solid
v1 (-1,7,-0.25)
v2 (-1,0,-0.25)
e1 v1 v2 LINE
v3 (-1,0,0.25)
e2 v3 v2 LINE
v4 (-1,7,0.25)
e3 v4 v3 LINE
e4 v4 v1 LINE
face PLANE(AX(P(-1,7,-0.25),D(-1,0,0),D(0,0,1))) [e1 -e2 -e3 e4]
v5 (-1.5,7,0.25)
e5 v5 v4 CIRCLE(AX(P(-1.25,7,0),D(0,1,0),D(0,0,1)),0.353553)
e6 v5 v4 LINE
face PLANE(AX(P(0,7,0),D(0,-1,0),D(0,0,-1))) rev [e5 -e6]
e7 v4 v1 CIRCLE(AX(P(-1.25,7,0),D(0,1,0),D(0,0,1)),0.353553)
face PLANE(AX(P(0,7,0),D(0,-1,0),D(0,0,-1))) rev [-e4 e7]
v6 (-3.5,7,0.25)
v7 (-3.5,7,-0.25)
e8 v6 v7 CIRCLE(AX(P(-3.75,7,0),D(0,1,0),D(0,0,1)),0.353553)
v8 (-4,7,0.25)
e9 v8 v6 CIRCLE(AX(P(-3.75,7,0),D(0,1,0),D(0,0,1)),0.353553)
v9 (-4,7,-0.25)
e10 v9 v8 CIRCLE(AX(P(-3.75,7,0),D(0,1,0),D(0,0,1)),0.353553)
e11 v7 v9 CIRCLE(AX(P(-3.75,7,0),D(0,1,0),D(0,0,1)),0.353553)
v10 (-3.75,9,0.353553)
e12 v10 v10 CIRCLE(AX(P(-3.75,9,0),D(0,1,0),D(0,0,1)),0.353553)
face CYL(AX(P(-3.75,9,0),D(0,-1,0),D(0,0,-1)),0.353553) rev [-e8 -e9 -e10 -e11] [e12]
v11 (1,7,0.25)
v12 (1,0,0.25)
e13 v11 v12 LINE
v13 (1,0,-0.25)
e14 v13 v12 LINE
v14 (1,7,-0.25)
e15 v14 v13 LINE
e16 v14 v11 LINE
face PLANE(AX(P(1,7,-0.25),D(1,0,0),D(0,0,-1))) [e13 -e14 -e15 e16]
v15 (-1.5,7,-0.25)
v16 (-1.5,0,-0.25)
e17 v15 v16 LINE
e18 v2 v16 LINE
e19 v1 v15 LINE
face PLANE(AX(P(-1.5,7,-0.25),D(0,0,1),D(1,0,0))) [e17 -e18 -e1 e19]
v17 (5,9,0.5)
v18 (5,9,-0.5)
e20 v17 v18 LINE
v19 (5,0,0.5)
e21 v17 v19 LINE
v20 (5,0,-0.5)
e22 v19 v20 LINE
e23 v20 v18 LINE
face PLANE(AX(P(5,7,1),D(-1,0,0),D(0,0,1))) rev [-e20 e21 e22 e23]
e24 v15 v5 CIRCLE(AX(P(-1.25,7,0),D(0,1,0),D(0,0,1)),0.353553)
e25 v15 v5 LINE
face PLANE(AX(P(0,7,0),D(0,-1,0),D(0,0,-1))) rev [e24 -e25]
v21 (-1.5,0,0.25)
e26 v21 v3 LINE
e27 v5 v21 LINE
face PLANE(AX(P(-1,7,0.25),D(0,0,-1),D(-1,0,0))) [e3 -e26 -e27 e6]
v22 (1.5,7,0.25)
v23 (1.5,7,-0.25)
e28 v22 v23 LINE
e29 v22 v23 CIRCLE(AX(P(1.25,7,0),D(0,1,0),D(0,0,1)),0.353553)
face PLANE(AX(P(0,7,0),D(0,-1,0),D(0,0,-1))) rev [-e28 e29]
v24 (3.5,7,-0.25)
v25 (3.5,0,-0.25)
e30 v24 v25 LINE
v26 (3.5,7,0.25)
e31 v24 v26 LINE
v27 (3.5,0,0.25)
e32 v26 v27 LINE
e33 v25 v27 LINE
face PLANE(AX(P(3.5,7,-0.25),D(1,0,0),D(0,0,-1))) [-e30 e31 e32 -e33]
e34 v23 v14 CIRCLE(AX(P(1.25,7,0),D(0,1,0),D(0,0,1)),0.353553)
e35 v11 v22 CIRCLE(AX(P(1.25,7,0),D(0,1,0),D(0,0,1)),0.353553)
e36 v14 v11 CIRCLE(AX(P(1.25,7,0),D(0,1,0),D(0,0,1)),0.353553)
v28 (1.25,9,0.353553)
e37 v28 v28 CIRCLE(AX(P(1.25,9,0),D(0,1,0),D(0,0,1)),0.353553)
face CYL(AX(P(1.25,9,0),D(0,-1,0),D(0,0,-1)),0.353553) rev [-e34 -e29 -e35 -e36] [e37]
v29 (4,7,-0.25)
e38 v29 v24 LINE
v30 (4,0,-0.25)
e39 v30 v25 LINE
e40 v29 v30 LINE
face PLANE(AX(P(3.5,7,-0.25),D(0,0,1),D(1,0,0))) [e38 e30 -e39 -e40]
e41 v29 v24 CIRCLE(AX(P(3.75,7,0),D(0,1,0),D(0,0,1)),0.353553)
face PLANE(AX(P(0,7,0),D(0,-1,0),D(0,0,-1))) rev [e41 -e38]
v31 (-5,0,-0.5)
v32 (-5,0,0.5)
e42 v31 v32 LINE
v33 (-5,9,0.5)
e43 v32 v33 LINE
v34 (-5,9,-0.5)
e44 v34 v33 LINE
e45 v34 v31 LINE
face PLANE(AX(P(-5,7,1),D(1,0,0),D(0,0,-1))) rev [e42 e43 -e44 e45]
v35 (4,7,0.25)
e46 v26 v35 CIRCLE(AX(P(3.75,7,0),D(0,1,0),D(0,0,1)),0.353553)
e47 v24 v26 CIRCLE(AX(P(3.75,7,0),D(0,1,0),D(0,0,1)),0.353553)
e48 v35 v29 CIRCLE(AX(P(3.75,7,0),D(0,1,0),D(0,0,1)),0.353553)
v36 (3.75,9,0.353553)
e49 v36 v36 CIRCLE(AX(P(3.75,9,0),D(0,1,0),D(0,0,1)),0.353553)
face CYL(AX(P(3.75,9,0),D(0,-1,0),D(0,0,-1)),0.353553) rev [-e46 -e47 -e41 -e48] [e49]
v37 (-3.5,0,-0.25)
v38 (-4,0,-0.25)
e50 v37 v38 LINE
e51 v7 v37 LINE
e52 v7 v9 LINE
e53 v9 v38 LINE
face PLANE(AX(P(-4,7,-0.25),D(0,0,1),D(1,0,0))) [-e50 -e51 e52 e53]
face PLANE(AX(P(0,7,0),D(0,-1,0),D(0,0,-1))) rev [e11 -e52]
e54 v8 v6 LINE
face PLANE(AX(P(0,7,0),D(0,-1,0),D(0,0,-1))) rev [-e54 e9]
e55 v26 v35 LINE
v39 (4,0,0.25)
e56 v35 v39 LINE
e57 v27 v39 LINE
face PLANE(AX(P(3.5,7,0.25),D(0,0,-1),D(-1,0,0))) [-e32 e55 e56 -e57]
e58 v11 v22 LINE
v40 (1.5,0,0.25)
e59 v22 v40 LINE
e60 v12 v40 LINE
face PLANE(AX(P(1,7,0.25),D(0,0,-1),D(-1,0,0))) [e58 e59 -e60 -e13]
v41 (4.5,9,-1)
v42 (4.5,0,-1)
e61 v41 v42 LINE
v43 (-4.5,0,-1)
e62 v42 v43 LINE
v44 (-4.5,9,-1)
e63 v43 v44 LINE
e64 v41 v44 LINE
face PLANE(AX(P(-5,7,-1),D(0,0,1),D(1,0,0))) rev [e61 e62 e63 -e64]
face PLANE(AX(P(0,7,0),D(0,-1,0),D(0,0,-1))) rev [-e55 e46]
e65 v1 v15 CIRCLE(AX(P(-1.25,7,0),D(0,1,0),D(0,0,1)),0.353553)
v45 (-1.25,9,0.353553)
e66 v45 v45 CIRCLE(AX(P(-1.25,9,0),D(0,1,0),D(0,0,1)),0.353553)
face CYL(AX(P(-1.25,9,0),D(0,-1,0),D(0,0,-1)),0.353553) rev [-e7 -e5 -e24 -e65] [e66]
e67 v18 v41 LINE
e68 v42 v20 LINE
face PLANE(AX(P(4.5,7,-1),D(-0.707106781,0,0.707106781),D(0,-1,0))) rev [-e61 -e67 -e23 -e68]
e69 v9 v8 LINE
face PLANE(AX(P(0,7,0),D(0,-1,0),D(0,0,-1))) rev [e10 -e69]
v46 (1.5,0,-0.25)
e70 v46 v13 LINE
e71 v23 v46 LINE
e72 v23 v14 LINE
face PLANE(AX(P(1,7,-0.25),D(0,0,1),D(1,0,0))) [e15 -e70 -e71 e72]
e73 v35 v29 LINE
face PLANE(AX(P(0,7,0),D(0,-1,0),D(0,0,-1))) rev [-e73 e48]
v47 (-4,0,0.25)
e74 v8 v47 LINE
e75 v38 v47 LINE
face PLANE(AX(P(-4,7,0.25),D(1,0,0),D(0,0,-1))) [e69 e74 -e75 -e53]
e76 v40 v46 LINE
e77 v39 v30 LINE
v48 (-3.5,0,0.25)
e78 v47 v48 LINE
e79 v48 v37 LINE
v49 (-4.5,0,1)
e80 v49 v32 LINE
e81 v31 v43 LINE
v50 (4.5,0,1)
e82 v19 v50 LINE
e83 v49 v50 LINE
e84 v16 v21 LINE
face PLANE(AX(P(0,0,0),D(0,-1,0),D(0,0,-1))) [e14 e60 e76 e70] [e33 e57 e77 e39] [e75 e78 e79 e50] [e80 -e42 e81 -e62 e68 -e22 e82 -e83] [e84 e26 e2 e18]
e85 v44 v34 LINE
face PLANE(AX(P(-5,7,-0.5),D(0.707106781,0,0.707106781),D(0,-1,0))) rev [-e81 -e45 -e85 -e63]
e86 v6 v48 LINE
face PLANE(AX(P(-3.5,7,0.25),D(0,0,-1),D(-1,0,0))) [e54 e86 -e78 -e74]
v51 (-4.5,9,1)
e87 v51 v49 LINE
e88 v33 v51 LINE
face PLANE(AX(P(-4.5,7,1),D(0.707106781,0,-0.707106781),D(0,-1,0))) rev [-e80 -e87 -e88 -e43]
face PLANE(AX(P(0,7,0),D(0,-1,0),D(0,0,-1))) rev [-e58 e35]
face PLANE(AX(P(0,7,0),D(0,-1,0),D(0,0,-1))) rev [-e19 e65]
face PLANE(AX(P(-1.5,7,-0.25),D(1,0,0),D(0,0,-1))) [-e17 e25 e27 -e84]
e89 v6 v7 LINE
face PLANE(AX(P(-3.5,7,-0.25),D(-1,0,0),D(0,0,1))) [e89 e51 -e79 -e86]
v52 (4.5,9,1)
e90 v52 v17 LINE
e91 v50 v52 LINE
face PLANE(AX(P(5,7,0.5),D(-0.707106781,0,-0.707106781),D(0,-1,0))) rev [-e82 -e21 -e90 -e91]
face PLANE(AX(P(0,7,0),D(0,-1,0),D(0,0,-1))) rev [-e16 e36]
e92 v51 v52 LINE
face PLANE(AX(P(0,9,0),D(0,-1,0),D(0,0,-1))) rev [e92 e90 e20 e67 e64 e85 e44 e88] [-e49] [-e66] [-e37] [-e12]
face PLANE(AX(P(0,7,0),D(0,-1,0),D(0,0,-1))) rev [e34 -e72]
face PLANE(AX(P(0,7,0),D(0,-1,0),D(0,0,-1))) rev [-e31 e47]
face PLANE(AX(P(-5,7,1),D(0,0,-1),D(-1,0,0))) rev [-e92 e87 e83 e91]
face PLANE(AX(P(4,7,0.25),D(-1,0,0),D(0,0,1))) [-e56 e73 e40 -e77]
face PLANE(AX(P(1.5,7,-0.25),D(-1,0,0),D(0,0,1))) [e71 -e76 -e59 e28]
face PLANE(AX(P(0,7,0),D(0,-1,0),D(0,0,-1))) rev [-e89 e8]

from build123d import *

# Parameters (mm, degrees)
SKETCH_1_W      = 10
SKETCH_1_H      = 2
SKETCH_1_W_2    = 0.5
SKETCH_1_H_2    = 0.5
EXTRUDE_1_DEPTH = 7
SKETCH_2_W      = 10
SKETCH_2_H      = 2
SKETCH_2_R      = 0.353553391
EXTRUDE_2_DEPTH = 2
CHAMFER_1_SIZE  = 0.5


with BuildPart() as part:
    # Эскиз1 → Бобышка-Вытянуть1 (new body)
    with BuildSketch(Plane(origin=(0, 0, 0), x_dir=(1, 0, 0), z_dir=(0, 1, 0))):
        Rectangle(SKETCH_1_W, SKETCH_1_H)
        with Locations((-3.75, 0)):
            Rectangle(SKETCH_1_W_2, SKETCH_1_H_2, mode=Mode.SUBTRACT)
        with Locations((3.75, 0)):
            Rectangle(SKETCH_1_W_2, SKETCH_1_H_2, mode=Mode.SUBTRACT)
        with Locations((-1.25, 0)):
            Rectangle(SKETCH_1_W_2, SKETCH_1_H_2, mode=Mode.SUBTRACT)
        with Locations((1.25, 0)):
            Rectangle(SKETCH_1_W_2, SKETCH_1_H_2, mode=Mode.SUBTRACT)
    extrude(amount=EXTRUDE_1_DEPTH)

    # Эскиз2 → Бобышка-Вытянуть2 (add)
    with BuildSketch(Plane(origin=(0, 7, 0), x_dir=(1, 0, 0), z_dir=(0, 1, 0))):
        Rectangle(SKETCH_2_W, SKETCH_2_H)
        with Locations((-3.75, 0)):
            Circle(SKETCH_2_R, mode=Mode.SUBTRACT)
        with Locations((-1.25, 0)):
            Circle(SKETCH_2_R, mode=Mode.SUBTRACT)
        with Locations((1.25, 0)):
            Circle(SKETCH_2_R, mode=Mode.SUBTRACT)
        with Locations((3.75, 0)):
            Circle(SKETCH_2_R, mode=Mode.SUBTRACT)
    extrude(amount=EXTRUDE_2_DEPTH)

    # Фаска1
    chamfer_1_edges = [part.edges().sort_by_distance(p)[0] for p in [
        (5, 4.5, 1),
        (-5, 4.5, 1),
        (-5, 4.5, -1),
        (5, 4.5, -1),
    ]]
    chamfer(chamfer_1_edges, length=CHAMFER_1_SIZE)


solid = part.part
